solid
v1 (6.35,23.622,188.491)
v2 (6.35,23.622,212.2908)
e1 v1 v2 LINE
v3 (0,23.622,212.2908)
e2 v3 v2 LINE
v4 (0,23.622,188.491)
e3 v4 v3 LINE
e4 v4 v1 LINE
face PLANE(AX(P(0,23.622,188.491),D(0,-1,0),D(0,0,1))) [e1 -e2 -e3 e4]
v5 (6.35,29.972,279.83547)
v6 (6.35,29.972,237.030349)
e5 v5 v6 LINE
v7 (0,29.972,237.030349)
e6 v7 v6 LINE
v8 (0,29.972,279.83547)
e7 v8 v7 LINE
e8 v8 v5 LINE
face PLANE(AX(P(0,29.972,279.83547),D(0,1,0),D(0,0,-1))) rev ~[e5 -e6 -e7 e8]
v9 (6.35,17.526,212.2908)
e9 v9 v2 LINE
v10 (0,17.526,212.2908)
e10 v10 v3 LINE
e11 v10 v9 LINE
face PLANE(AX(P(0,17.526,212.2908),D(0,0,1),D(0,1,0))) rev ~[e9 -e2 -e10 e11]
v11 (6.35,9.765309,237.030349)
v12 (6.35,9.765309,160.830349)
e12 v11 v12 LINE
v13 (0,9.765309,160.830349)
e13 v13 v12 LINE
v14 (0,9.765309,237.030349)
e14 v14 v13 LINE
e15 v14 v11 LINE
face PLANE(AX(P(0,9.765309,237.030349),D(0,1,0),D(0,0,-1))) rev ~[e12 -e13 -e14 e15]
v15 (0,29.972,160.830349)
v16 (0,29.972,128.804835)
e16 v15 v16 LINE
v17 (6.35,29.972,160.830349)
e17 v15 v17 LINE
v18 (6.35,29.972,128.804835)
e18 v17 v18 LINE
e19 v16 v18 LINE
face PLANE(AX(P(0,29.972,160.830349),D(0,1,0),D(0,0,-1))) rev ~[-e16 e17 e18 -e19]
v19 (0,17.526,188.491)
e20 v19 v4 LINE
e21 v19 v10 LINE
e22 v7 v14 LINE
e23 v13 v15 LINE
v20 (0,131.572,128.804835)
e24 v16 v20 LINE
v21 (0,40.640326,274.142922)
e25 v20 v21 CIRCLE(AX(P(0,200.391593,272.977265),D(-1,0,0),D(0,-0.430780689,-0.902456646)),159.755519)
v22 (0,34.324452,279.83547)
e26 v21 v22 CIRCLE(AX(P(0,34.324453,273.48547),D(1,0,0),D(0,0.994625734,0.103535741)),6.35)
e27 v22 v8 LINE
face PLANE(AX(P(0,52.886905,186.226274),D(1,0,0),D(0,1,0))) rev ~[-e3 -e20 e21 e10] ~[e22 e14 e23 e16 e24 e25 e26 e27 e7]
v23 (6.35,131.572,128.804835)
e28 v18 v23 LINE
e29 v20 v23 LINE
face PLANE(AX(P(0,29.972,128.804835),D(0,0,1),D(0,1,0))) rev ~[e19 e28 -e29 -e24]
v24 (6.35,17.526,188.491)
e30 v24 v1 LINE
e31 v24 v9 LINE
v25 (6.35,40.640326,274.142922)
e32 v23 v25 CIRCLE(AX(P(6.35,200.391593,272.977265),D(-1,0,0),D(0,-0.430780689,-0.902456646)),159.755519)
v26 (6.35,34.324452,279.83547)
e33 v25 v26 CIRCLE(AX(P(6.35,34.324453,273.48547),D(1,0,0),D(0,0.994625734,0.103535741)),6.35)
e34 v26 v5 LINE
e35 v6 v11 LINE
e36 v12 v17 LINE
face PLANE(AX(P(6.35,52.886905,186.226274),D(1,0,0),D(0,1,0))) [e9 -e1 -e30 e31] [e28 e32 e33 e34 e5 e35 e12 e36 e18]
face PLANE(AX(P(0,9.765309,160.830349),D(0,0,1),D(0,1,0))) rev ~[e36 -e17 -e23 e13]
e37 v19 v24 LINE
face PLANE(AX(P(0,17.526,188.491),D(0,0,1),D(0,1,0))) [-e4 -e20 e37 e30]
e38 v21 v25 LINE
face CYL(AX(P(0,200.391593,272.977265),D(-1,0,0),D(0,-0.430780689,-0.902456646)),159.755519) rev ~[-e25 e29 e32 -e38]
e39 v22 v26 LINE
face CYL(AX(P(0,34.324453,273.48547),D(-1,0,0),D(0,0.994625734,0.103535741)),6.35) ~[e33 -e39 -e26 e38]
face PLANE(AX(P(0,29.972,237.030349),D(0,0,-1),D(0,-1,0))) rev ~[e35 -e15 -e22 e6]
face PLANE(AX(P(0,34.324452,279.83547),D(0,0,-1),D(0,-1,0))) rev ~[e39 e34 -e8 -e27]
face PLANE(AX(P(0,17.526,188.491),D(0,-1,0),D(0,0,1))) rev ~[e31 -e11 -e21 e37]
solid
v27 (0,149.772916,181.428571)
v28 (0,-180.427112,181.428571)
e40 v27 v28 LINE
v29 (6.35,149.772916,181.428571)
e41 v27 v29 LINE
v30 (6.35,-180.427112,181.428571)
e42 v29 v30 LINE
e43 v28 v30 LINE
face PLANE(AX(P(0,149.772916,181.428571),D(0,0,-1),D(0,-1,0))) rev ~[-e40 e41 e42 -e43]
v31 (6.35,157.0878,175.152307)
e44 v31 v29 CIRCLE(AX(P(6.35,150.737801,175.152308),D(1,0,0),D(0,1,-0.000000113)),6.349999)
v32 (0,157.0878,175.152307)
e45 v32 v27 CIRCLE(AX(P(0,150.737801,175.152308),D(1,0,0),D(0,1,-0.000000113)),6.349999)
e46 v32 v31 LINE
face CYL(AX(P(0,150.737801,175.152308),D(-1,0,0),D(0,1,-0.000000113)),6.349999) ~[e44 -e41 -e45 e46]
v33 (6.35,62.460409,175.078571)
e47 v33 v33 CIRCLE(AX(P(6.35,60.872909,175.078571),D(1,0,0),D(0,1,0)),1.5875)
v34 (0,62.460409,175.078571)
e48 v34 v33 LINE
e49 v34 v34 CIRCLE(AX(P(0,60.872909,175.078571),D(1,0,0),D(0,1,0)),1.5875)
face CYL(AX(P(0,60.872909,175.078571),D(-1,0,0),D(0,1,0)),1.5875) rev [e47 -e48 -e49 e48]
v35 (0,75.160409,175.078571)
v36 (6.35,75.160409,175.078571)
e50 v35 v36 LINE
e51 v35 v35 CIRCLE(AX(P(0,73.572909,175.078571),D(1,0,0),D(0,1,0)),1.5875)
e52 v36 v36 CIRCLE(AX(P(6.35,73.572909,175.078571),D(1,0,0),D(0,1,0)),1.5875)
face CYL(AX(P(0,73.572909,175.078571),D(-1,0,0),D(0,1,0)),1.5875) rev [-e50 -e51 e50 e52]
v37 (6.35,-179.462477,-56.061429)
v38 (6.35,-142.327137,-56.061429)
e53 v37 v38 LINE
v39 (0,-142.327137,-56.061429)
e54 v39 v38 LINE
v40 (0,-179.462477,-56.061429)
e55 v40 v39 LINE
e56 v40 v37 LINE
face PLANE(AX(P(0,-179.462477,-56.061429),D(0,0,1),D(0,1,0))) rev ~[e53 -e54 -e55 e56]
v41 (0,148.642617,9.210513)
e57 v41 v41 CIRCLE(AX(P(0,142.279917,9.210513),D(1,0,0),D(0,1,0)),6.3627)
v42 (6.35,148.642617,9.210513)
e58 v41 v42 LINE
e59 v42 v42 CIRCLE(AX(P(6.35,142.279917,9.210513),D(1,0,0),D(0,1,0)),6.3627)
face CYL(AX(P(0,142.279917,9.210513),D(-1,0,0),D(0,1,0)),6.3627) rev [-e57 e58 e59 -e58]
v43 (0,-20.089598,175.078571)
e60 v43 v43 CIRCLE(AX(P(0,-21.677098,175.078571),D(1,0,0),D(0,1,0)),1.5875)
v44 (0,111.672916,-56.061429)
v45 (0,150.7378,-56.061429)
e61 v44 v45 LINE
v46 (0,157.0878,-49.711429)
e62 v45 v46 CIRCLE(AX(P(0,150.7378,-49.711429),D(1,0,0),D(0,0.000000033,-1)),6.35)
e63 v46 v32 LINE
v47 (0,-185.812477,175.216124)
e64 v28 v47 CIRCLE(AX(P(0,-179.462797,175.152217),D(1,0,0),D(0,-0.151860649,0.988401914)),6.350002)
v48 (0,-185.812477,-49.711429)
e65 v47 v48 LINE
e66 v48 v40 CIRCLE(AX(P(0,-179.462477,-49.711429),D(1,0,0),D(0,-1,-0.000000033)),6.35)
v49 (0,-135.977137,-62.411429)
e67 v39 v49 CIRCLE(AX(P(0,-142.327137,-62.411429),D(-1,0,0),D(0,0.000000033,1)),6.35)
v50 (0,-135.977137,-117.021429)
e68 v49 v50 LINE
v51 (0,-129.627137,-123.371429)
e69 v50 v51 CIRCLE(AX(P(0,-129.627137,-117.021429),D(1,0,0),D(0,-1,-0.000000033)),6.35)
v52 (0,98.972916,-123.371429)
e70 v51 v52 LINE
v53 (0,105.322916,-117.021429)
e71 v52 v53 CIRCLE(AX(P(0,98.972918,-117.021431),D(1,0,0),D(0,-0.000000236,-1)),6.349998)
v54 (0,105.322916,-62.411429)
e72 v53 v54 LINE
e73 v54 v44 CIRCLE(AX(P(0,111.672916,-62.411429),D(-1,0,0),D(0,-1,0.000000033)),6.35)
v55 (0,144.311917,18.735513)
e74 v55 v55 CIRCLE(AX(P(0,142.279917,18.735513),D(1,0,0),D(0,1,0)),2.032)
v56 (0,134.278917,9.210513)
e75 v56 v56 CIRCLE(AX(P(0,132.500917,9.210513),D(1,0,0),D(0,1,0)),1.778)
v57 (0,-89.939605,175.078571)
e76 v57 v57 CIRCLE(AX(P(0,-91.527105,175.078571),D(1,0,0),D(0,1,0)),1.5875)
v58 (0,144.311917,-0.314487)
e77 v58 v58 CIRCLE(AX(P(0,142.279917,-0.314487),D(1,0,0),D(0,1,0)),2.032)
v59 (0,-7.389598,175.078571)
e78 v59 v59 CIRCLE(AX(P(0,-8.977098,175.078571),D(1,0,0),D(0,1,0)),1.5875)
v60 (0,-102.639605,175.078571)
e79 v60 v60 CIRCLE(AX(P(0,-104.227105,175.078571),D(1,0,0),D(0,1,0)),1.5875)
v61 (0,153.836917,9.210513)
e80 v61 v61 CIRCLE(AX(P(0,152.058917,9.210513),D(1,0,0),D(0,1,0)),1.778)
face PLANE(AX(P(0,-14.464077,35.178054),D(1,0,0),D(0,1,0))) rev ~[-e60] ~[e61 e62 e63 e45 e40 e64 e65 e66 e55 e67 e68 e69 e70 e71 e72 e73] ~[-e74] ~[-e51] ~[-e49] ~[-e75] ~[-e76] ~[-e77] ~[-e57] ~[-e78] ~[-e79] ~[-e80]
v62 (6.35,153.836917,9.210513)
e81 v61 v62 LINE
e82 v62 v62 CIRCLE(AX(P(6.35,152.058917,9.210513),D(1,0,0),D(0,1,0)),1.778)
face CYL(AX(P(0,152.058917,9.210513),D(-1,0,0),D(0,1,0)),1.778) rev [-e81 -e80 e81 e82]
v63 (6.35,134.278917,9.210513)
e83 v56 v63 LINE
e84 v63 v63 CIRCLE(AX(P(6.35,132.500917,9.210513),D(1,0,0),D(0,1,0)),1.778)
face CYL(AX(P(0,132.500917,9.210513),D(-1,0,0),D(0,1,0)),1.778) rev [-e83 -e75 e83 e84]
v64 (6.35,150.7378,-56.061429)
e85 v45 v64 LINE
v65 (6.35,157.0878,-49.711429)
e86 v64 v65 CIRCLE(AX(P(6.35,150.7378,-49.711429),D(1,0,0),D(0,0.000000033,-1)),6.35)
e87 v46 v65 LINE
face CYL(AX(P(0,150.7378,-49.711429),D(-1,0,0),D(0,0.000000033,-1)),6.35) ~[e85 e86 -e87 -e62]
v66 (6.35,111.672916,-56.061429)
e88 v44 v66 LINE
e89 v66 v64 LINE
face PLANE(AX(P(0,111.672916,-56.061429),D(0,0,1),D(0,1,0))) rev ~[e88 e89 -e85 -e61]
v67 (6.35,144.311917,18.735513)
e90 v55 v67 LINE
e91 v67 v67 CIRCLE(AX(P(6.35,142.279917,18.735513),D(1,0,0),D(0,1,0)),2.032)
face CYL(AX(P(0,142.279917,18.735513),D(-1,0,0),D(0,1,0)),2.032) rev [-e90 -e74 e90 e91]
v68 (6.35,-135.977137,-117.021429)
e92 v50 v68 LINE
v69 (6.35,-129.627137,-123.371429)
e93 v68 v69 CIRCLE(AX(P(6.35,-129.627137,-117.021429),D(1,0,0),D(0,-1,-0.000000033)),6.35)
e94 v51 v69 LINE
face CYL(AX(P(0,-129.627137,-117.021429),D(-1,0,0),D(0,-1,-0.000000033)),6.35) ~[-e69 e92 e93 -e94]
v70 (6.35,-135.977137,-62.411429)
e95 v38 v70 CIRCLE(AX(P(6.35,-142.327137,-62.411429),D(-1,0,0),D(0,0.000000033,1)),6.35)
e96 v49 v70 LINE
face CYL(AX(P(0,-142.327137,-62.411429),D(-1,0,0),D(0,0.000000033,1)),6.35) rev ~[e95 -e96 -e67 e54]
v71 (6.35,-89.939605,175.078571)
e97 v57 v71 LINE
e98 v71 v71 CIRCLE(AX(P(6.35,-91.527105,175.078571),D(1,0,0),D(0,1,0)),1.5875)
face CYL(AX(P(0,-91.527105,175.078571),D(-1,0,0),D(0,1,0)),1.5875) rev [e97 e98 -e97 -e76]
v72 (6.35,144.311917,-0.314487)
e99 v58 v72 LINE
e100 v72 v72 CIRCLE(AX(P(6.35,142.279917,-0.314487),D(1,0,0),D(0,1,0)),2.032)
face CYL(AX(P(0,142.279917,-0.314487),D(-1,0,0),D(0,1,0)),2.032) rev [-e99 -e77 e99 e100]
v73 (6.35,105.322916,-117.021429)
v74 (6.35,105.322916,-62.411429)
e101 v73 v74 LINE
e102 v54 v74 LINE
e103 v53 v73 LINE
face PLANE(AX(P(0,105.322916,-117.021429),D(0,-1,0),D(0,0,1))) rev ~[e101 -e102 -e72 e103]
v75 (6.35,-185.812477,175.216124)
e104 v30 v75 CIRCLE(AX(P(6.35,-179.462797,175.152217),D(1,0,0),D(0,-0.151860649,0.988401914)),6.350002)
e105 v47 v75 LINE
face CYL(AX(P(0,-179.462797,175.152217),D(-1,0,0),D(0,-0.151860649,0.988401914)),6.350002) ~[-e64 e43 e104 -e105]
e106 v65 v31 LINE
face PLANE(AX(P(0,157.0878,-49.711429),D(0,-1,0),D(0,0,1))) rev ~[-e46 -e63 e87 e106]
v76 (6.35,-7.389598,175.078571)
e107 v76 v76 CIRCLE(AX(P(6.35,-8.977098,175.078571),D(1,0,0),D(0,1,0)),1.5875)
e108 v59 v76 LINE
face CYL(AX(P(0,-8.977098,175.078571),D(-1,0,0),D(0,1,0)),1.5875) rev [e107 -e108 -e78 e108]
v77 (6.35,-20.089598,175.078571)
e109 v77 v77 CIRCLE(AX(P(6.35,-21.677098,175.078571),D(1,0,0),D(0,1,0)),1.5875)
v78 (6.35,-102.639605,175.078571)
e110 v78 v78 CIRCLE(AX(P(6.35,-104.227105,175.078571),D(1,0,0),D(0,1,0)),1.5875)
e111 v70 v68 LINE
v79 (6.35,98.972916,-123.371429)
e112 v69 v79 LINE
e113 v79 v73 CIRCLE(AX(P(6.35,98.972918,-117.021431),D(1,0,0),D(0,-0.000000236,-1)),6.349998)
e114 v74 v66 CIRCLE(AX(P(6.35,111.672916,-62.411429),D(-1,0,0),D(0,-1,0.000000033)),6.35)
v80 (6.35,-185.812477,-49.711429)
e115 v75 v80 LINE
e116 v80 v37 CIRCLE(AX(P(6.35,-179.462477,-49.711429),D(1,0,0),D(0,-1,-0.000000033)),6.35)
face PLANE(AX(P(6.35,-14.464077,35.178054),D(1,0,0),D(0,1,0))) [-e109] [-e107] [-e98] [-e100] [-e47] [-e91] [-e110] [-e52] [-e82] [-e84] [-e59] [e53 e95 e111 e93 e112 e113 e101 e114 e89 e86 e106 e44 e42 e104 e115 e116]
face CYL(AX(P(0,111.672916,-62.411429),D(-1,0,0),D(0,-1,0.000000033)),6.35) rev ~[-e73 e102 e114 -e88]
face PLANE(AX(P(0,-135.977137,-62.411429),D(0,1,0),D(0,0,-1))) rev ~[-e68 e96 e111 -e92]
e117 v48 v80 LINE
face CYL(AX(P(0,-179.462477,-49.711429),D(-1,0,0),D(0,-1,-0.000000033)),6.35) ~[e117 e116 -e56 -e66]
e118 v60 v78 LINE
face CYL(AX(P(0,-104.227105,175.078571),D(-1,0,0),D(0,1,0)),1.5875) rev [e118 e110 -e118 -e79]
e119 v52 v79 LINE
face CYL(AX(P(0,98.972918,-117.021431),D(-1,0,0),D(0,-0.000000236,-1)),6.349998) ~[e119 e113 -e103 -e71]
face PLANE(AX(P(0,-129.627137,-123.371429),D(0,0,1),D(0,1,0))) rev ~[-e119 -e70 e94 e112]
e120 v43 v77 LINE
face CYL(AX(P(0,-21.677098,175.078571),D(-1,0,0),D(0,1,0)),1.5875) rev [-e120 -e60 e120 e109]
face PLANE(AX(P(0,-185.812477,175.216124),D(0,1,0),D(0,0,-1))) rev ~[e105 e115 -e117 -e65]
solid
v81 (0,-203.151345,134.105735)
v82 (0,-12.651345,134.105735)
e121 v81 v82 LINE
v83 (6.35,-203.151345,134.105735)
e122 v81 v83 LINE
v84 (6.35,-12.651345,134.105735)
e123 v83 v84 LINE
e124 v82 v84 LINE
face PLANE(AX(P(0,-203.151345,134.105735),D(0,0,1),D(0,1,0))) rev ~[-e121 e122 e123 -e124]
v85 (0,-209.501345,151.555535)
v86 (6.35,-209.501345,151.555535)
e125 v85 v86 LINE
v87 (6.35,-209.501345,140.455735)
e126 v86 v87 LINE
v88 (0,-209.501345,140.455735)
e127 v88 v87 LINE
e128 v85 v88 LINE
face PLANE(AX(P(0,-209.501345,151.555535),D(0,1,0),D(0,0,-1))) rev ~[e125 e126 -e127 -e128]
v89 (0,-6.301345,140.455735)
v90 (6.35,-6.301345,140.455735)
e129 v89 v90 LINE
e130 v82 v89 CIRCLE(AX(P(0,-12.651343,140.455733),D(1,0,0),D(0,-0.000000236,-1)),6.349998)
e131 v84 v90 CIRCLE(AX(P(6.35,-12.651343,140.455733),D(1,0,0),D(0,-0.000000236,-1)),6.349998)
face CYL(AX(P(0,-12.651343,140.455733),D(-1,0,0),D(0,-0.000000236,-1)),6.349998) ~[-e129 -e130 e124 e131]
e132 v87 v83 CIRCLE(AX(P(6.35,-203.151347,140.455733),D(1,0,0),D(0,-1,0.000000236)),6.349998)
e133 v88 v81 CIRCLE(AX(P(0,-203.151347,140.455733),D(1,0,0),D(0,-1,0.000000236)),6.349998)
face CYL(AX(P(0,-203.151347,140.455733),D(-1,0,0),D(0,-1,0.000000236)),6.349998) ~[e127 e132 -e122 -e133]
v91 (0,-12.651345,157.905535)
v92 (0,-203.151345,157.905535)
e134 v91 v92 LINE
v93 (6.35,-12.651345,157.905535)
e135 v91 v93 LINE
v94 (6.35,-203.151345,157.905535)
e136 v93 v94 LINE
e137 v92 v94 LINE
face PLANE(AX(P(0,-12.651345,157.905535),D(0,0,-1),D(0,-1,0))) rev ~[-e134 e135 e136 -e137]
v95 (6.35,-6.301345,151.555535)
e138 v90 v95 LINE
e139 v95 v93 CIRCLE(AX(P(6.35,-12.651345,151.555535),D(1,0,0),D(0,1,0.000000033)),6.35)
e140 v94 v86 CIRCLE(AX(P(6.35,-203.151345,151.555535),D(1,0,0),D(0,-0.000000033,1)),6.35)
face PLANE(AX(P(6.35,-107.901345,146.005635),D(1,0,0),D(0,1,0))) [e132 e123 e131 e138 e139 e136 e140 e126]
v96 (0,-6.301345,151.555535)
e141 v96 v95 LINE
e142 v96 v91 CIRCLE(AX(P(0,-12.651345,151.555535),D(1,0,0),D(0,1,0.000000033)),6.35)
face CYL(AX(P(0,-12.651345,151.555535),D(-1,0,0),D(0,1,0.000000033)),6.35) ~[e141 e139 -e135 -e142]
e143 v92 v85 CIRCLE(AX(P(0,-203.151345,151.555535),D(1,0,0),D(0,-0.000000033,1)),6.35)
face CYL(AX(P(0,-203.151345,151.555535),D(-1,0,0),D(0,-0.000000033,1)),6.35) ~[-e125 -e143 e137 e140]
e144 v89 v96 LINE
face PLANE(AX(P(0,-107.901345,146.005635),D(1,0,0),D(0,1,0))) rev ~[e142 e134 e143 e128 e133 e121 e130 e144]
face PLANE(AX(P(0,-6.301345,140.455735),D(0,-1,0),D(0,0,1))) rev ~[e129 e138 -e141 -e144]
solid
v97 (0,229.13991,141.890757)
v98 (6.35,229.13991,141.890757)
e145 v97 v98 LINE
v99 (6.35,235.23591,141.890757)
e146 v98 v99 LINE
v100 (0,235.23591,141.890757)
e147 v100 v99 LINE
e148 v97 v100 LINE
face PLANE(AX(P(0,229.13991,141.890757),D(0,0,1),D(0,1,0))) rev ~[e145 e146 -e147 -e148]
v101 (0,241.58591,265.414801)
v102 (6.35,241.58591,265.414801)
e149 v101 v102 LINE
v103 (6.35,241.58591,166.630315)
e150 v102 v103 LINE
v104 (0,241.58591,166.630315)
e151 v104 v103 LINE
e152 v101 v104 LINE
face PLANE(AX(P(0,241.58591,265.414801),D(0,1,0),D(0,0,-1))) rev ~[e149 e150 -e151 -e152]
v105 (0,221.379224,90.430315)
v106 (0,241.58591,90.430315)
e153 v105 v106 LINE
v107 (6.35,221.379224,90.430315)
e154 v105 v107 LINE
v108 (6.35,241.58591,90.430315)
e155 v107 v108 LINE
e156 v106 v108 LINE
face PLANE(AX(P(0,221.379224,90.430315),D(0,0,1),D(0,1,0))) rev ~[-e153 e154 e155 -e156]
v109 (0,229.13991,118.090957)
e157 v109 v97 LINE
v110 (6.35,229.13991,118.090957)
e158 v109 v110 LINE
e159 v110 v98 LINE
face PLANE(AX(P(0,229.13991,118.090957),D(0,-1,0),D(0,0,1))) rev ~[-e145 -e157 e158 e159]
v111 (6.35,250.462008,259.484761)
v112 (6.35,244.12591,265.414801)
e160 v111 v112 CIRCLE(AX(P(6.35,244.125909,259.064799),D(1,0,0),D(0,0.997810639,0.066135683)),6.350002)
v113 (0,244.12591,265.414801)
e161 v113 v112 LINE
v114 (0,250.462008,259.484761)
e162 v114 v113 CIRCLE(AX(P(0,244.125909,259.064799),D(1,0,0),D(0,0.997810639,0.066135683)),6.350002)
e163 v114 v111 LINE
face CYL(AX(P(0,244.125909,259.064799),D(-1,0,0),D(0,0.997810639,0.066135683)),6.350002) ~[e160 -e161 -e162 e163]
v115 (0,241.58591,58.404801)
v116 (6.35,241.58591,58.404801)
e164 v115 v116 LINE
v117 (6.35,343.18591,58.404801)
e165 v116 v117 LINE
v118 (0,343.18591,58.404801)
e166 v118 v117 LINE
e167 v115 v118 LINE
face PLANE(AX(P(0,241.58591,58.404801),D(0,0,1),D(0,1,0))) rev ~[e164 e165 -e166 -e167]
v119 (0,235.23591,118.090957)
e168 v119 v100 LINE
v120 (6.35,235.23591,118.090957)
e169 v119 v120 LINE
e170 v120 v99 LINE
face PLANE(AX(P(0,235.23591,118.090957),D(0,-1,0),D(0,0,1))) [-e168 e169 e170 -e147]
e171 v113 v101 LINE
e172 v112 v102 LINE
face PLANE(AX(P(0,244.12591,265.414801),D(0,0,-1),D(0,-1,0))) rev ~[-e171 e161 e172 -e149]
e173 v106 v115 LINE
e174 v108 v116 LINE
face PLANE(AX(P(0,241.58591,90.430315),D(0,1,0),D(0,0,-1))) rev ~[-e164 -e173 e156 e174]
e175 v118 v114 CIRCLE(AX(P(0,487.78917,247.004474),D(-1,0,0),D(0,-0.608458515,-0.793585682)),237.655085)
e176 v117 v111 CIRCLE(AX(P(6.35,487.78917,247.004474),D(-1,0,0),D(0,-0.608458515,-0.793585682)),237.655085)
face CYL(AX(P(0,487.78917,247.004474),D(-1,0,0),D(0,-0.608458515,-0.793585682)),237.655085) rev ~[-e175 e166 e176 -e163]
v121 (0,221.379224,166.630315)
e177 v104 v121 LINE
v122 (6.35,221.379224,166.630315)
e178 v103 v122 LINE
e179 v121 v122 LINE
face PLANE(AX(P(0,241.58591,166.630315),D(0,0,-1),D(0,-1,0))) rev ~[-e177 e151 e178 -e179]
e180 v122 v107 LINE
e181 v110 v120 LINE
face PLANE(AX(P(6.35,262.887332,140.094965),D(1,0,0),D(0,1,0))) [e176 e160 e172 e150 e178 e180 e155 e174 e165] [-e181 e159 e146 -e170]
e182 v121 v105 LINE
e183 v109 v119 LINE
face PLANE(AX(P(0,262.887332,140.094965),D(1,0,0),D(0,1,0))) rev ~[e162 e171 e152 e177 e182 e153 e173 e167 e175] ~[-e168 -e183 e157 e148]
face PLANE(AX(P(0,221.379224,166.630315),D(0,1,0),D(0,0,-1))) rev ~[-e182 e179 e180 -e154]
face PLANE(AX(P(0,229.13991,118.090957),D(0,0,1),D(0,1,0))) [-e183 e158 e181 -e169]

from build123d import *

# Parameters (mm, degrees)
F0_R     = 1.778
F0_R_2   = 2.032
F0_R_3   = 6.3627
F0_R_4   = 1.5875
F1_DEPTH = 6.35
F2_W     = 6.096
F2_H     = 23.7998
F3_DEPTH = 6.35
F5_DEPTH = 6.35
F6_W     = 6.096
F6_H     = 23.7998
F7_DEPTH = 6.35


with BuildPart() as f1:
    # F0 (on Right) → F1 (new body)
    with BuildSketch(Plane.YZ):
        with BuildLine():
            Line((-15.327098, 181.428571), (-180.427112, 181.428571))
            ThreePointArc((-180.427112, 181.428571), (-184.260948, 179.311576), (-185.812477, 175.216124))
            Line((-185.812477, 175.216124), (-185.812477, -49.711429))
            ThreePointArc((-185.812477, -49.711429), (-183.952605, -54.201557), (-179.462477, -56.061429))
            Line((-179.462477, -56.061429), (-142.327137, -56.061429))
            ThreePointArc((-142.327137, -56.061429), (-137.837009, -57.921301), (-135.977137, -62.411429))
            Line((-135.977137, -62.411429), (-135.977137, -117.021429))
            ThreePointArc((-135.977137, -117.021429), (-134.117265, -121.511557), (-129.627137, -123.371429))
            Line((-129.627137, -123.371429), (98.972916, -123.371429))
            ThreePointArc((98.972916, -123.371429), (103.463045, -121.511557), (105.322916, -117.021429))
            Line((105.322916, -117.021429), (105.322916, -62.411429))
            ThreePointArc((105.322916, -62.411429), (107.182788, -57.921301), (111.672916, -56.061429))
            Line((111.672916, -56.061429), (150.7378, -56.061429))
            ThreePointArc((150.7378, -56.061429), (155.227928, -54.201557), (157.0878, -49.711429))
            Line((157.0878, -49.711429), (157.0878, 175.152307))
            ThreePointArc((157.0878, 175.152307), (154.872742, 179.971514), (149.772916, 181.428571))
            Line((149.772916, 181.428571), (-15.327098, 181.428571))
        make_face()
        with Locations((132.500917, 9.210513)):
            Circle(F0_R, mode=Mode.SUBTRACT)
        with Locations((142.279917, -0.314487)):
            Circle(F0_R_2, mode=Mode.SUBTRACT)
        with Locations((142.279917, 9.210513)):
            Circle(F0_R_3, mode=Mode.SUBTRACT)
        with Locations((152.058917, 9.210513)):
            Circle(F0_R, mode=Mode.SUBTRACT)
        with Locations((142.279917, 18.735513)):
            Circle(F0_R_2, mode=Mode.SUBTRACT)
        with Locations((-104.227105, 175.078571)):
            Circle(F0_R_4, mode=Mode.SUBTRACT)
        with Locations((-91.527105, 175.078571)):
            Circle(F0_R_4, mode=Mode.SUBTRACT)
        with Locations((-21.677098, 175.078571)):
            Circle(F0_R_4, mode=Mode.SUBTRACT)
        with Locations((-8.977098, 175.078571)):
            Circle(F0_R_4, mode=Mode.SUBTRACT)
        with Locations((60.872909, 175.078571)):
            Circle(F0_R_4, mode=Mode.SUBTRACT)
        with Locations((73.572909, 175.078571)):
            Circle(F0_R_4, mode=Mode.SUBTRACT)
    extrude(amount=F1_DEPTH)


with BuildPart() as f3:
    # F2 (on Right) → F3 (new body)
    with BuildSketch(Plane.YZ):
        with BuildLine():
            Line((9.765309, 160.830349), (29.972, 160.830349))
            Line((29.972, 160.830349), (29.972, 154.204835))
            Line((29.972, 154.204835), (29.972, 128.804835))
            Line((29.972, 128.804835), (131.572, 128.804835))
            ThreePointArc((131.572, 128.804835), (64.95914, 188.243112), (40.640326, 274.142922))
            ThreePointArc((40.640326, 274.142922), (38.575786, 278.202319), (34.324452, 279.83547))
            Line((34.324452, 279.83547), (29.972, 279.83547))
            Line((29.972, 279.83547), (29.972, 237.030349))
            Line((29.972, 237.030349), (9.765309, 237.030349))
            Line((9.765309, 237.030349), (9.765309, 160.830349))
        make_face()
        with Locations((20.574, 200.3909)):
            Rectangle(F2_W, F2_H, mode=Mode.SUBTRACT)
    extrude(amount=F3_DEPTH)


with BuildPart() as f5:
    # F4 (on Right) → F5 (new body)
    with BuildSketch(Plane.YZ):
        with BuildLine():
            Line((-12.651345, 157.905535), (-203.151345, 157.905535))
            ThreePointArc((-203.151345, 157.905535), (-207.641473, 156.045663), (-209.501345, 151.555535))
            Line((-209.501345, 151.555535), (-209.501345, 140.455735))
            ThreePointArc((-209.501345, 140.455735), (-207.641473, 135.965606), (-203.151345, 134.105735))
            Line((-203.151345, 134.105735), (-12.651345, 134.105735))
            ThreePointArc((-12.651345, 134.105735), (-8.161217, 135.965606), (-6.301345, 140.455735))
            Line((-6.301345, 140.455735), (-6.301345, 151.555535))
            ThreePointArc((-6.301345, 151.555535), (-8.161217, 156.045663), (-12.651345, 157.905535))
        make_face()
    extrude(amount=F5_DEPTH)


with BuildPart() as f7:
    # F6 (on Right) → F7 (new body)
    with BuildSketch(Plane.YZ):
        with BuildLine():
            Line((244.12591, 265.414801), (241.58591, 265.414801))
            Line((241.58591, 265.414801), (241.58591, 166.630315))
            Line((241.58591, 166.630315), (221.379224, 166.630315))
            Line((221.379224, 166.630315), (221.379224, 90.430315))
            Line((221.379224, 90.430315), (241.58591, 90.430315))
            Line((241.58591, 90.430315), (241.58591, 83.804801))
            Line((241.58591, 83.804801), (241.58591, 58.404801))
            Line((241.58591, 58.404801), (343.18591, 58.404801))
            ThreePointArc((343.18591, 58.404801), (271.974436, 147.485933), (250.462008, 259.484761))
            ThreePointArc((250.462008, 259.484761), (248.46502, 263.70103), (244.12591, 265.414801))
        make_face()
        with Locations((232.18791, 129.990857)):
            Rectangle(F6_W, F6_H, mode=Mode.SUBTRACT)
    extrude(amount=F7_DEPTH)


solid = Compound([f1.part, f3.part, f5.part, f7.part])
